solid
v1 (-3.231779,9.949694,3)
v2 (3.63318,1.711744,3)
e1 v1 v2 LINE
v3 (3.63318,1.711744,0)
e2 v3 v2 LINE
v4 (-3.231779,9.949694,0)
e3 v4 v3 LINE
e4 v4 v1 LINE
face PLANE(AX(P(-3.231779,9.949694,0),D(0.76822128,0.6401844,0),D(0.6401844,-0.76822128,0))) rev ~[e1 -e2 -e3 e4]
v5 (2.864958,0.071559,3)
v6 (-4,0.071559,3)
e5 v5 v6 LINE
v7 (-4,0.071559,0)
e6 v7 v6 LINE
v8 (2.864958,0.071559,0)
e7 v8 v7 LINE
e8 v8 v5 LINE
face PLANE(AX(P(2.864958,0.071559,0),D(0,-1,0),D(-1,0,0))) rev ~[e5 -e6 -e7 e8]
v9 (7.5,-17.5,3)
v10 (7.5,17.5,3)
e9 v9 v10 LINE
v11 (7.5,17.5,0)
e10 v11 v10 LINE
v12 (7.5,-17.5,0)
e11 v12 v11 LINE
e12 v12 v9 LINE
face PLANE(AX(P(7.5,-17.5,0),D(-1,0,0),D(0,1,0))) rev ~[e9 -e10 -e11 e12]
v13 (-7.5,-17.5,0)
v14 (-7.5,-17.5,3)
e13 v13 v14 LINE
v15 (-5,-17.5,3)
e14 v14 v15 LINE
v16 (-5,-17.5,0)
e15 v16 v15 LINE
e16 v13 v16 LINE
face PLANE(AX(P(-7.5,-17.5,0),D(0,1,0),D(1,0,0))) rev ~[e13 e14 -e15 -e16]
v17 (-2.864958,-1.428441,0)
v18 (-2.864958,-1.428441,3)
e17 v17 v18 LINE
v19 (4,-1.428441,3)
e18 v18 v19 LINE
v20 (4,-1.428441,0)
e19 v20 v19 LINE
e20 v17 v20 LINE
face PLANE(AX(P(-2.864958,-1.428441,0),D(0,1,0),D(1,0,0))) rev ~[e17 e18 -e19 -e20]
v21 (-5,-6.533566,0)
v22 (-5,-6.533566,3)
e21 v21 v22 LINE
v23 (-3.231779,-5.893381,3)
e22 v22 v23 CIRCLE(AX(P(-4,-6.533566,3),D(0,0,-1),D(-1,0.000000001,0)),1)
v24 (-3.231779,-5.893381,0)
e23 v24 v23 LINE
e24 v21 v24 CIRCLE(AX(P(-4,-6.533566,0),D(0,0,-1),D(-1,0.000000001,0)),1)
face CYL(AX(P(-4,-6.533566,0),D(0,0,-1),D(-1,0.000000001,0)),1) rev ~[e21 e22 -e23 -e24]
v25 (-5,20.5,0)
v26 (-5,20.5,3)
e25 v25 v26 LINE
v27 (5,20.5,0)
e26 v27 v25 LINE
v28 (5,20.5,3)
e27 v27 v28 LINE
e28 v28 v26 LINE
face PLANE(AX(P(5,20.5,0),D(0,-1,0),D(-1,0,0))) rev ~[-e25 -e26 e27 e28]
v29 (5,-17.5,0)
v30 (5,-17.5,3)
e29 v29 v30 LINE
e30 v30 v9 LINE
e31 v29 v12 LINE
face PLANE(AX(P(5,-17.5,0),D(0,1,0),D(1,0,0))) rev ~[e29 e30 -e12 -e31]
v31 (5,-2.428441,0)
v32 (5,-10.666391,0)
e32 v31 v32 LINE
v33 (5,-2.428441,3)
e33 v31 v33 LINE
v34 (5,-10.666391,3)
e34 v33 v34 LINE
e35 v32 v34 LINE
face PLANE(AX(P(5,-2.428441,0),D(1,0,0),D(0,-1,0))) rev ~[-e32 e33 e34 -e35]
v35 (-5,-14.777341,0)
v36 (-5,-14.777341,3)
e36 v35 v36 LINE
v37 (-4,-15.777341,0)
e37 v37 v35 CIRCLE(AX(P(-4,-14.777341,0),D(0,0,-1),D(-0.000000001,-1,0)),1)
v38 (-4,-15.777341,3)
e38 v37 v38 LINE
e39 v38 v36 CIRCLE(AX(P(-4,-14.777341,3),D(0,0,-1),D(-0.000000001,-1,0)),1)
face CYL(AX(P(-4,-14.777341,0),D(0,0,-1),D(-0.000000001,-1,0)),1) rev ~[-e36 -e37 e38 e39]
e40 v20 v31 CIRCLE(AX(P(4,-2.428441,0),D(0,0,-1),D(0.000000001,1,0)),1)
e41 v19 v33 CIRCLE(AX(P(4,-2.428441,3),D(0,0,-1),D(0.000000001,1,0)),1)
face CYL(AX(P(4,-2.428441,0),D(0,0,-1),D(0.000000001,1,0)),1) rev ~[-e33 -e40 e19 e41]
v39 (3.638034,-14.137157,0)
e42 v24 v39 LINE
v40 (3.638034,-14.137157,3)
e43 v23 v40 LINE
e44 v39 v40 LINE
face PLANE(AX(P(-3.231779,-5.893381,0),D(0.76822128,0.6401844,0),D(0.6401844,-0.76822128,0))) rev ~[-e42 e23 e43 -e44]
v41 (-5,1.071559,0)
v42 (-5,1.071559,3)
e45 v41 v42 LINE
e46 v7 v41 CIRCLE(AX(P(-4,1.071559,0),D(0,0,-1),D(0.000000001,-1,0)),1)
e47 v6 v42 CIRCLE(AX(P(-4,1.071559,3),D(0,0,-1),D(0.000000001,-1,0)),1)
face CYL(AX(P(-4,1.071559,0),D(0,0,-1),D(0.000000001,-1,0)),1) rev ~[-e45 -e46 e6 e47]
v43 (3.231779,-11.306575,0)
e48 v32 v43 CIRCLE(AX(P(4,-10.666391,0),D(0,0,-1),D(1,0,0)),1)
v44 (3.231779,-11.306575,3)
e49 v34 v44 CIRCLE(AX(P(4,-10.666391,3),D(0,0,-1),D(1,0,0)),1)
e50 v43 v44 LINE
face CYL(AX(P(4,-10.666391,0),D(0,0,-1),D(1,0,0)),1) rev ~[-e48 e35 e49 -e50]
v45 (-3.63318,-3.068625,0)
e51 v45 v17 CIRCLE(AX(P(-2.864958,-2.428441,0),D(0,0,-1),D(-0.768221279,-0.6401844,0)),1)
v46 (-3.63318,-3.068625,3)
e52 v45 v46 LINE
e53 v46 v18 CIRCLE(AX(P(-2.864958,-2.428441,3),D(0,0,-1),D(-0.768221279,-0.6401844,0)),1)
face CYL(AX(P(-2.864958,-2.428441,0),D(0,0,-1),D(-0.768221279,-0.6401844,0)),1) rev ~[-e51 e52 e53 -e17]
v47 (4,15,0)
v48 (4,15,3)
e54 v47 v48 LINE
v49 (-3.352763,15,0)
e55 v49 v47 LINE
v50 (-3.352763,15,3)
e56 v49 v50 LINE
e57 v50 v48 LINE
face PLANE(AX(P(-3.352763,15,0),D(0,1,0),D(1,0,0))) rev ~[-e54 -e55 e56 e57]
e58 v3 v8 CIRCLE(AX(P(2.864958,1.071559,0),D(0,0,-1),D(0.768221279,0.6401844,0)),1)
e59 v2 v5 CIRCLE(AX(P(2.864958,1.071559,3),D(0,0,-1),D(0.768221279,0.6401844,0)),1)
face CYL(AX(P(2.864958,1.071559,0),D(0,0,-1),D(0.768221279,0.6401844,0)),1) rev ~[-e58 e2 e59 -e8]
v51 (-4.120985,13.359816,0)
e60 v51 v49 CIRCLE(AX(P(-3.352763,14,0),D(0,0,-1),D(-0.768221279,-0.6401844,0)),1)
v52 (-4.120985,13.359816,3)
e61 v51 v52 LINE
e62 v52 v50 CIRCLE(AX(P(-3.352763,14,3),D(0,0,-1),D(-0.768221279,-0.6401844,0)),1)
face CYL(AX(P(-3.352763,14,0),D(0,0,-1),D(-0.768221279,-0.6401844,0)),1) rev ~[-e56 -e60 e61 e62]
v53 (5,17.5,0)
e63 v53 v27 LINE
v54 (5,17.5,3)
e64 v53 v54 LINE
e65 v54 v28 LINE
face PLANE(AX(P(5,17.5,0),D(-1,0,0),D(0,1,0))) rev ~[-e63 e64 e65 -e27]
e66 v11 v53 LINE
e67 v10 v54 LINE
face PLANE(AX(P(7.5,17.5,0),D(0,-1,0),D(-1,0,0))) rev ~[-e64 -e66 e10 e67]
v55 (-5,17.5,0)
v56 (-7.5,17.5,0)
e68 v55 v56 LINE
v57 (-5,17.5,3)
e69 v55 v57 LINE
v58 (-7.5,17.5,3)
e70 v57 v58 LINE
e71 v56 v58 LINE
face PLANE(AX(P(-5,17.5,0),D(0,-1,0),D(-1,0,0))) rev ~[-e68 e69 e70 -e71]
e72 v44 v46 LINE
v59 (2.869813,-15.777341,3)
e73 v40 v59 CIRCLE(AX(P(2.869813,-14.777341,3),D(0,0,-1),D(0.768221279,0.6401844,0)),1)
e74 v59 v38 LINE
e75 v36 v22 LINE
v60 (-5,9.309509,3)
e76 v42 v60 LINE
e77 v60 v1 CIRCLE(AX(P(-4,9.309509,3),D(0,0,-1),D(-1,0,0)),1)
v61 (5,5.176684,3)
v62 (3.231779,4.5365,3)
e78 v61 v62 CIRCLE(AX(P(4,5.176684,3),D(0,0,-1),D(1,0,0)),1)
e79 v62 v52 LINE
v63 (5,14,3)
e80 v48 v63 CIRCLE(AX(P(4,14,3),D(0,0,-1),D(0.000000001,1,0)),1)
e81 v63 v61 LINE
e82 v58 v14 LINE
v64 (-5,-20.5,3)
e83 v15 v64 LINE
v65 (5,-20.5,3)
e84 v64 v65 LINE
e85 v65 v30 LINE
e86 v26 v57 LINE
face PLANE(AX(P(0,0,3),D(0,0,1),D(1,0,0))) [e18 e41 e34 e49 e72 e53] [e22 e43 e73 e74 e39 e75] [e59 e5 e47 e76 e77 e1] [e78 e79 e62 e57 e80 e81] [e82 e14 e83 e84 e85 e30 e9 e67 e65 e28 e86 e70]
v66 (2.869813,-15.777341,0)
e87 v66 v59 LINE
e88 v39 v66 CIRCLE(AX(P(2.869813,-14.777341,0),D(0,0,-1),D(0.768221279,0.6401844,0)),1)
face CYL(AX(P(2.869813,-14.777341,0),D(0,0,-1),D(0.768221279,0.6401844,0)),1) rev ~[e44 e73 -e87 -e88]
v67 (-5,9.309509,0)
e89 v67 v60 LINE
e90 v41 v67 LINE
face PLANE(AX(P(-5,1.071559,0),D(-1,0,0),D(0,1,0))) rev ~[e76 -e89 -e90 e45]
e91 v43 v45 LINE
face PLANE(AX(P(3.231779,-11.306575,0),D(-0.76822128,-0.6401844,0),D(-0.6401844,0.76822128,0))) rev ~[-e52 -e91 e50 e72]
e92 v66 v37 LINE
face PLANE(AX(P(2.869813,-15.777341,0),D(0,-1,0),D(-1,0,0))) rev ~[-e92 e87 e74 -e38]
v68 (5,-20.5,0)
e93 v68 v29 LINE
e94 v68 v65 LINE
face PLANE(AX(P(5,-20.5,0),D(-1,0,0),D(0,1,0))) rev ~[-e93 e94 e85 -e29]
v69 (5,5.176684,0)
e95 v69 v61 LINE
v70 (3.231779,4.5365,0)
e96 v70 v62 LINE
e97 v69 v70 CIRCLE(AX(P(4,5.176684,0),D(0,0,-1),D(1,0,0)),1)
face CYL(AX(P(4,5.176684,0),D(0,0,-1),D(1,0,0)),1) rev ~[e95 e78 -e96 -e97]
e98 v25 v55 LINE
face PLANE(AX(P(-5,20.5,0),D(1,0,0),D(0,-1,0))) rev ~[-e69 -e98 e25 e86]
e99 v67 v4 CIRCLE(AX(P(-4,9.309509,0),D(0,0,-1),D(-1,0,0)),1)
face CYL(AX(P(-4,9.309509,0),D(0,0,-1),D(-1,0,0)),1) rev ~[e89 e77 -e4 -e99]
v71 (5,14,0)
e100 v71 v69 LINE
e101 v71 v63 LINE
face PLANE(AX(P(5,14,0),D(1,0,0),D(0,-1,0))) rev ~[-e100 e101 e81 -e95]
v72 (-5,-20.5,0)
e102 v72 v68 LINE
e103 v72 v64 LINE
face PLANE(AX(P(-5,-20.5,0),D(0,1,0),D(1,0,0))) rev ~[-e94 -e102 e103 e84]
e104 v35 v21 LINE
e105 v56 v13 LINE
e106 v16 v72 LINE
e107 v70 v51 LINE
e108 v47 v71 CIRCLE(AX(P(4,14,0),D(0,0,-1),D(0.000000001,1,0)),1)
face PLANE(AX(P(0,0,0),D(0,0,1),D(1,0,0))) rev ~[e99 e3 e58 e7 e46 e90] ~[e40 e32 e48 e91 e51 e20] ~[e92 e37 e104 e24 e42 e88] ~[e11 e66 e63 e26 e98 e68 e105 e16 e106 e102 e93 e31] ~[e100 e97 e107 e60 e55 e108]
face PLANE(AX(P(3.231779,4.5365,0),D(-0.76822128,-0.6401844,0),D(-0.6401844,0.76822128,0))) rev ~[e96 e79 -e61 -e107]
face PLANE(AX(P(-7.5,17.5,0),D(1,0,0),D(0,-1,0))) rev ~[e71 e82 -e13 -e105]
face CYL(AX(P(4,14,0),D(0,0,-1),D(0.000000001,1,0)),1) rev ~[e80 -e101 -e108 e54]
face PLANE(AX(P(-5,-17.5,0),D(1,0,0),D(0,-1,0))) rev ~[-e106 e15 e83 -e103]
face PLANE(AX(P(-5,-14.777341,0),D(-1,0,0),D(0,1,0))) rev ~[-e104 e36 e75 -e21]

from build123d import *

# Parameters (mm, degrees)
SALIENTE_EXTRUIR1_DEPTH = 3


with BuildPart() as part:
    # Croquis1 → Saliente-Extruir1 (new body)
    with BuildSketch(Plane.XY):
        Polygon((-5, -20.5), (5, -20.5), (5, -17.5), (7.5, -17.5), (7.5, 17.5), (5, 17.5), (5, 20.5), (-5, 20.5), (-5, 17.5), (-7.5, 17.5), (-7.5, -17.5), (-5, -17.5), align=None)
        with BuildLine():
            ThreePointArc((-5, -6.533565594), (-4.340425264, -5.593294017), (-3.23177872, -5.893381195))
            Line((-3.23177872, -5.893381195), (3.638034467, -14.13715702))
            ThreePointArc((3.638034467, -14.13715702), (3.775402609, -15.201496816), (2.869813188, -15.77734142))
            Line((2.869813188, -15.77734142), (-4, -15.77734142))
            ThreePointArc((-4, -15.77734142), (-4.707106781, -15.484448201), (-5, -14.77734142))
            Line((-5, -14.77734142), (-5, -6.533565594))
        make_face(mode=Mode.SUBTRACT)
        with BuildLine():
            ThreePointArc((-3.633179667, -3.068625156), (-3.770547809, -2.00428536), (-2.864958387, -1.428440756))
            Line((-2.864958387, -1.428440756), (4, -1.428440756))
            ThreePointArc((4, -1.428440756), (4.707106781, -1.721333975), (5, -2.428440756))
            Line((5, -2.428440756), (5, -10.666390821))
            ThreePointArc((5, -10.666390821), (4.340425264, -11.606662399), (3.23177872, -11.306575221))
            Line((3.23177872, -11.306575221), (-3.633179667, -3.068625156))
        make_face(mode=Mode.SUBTRACT)
        with BuildLine():
            ThreePointArc((-5, 9.309509308), (-4.340425264, 10.249780886), (-3.23177872, 9.949693708))
            Line((-3.23177872, 9.949693708), (3.633179667, 1.711743643))
            ThreePointArc((3.633179667, 1.711743643), (3.770547809, 0.647403847), (2.864958387, 0.071559244))
            Line((2.864958387, 0.071559244), (-4, 0.071559244))
            ThreePointArc((-4, 0.071559244), (-4.707106781, 0.364452462), (-5, 1.071559244))
            Line((-5, 1.071559244), (-5, 9.309509308))
        make_face(mode=Mode.SUBTRACT)
        with BuildLine():
            Line((3.23177872, 4.536499682), (-4.120984545, 13.3598156))
            ThreePointArc((-4.120984545, 13.3598156), (-4.258352687, 14.424155396), (-3.352763265, 15))
            Line((-3.352763265, 15), (4, 15))
            ThreePointArc((4, 15), (4.707106781, 14.707106781), (5, 14))
            Line((5, 14), (5, 5.176684082))
            ThreePointArc((5, 5.176684082), (4.340425264, 4.236412504), (3.23177872, 4.536499682))
        make_face(mode=Mode.SUBTRACT)
    extrude(amount=SALIENTE_EXTRUIR1_DEPTH)


solid = part.part
